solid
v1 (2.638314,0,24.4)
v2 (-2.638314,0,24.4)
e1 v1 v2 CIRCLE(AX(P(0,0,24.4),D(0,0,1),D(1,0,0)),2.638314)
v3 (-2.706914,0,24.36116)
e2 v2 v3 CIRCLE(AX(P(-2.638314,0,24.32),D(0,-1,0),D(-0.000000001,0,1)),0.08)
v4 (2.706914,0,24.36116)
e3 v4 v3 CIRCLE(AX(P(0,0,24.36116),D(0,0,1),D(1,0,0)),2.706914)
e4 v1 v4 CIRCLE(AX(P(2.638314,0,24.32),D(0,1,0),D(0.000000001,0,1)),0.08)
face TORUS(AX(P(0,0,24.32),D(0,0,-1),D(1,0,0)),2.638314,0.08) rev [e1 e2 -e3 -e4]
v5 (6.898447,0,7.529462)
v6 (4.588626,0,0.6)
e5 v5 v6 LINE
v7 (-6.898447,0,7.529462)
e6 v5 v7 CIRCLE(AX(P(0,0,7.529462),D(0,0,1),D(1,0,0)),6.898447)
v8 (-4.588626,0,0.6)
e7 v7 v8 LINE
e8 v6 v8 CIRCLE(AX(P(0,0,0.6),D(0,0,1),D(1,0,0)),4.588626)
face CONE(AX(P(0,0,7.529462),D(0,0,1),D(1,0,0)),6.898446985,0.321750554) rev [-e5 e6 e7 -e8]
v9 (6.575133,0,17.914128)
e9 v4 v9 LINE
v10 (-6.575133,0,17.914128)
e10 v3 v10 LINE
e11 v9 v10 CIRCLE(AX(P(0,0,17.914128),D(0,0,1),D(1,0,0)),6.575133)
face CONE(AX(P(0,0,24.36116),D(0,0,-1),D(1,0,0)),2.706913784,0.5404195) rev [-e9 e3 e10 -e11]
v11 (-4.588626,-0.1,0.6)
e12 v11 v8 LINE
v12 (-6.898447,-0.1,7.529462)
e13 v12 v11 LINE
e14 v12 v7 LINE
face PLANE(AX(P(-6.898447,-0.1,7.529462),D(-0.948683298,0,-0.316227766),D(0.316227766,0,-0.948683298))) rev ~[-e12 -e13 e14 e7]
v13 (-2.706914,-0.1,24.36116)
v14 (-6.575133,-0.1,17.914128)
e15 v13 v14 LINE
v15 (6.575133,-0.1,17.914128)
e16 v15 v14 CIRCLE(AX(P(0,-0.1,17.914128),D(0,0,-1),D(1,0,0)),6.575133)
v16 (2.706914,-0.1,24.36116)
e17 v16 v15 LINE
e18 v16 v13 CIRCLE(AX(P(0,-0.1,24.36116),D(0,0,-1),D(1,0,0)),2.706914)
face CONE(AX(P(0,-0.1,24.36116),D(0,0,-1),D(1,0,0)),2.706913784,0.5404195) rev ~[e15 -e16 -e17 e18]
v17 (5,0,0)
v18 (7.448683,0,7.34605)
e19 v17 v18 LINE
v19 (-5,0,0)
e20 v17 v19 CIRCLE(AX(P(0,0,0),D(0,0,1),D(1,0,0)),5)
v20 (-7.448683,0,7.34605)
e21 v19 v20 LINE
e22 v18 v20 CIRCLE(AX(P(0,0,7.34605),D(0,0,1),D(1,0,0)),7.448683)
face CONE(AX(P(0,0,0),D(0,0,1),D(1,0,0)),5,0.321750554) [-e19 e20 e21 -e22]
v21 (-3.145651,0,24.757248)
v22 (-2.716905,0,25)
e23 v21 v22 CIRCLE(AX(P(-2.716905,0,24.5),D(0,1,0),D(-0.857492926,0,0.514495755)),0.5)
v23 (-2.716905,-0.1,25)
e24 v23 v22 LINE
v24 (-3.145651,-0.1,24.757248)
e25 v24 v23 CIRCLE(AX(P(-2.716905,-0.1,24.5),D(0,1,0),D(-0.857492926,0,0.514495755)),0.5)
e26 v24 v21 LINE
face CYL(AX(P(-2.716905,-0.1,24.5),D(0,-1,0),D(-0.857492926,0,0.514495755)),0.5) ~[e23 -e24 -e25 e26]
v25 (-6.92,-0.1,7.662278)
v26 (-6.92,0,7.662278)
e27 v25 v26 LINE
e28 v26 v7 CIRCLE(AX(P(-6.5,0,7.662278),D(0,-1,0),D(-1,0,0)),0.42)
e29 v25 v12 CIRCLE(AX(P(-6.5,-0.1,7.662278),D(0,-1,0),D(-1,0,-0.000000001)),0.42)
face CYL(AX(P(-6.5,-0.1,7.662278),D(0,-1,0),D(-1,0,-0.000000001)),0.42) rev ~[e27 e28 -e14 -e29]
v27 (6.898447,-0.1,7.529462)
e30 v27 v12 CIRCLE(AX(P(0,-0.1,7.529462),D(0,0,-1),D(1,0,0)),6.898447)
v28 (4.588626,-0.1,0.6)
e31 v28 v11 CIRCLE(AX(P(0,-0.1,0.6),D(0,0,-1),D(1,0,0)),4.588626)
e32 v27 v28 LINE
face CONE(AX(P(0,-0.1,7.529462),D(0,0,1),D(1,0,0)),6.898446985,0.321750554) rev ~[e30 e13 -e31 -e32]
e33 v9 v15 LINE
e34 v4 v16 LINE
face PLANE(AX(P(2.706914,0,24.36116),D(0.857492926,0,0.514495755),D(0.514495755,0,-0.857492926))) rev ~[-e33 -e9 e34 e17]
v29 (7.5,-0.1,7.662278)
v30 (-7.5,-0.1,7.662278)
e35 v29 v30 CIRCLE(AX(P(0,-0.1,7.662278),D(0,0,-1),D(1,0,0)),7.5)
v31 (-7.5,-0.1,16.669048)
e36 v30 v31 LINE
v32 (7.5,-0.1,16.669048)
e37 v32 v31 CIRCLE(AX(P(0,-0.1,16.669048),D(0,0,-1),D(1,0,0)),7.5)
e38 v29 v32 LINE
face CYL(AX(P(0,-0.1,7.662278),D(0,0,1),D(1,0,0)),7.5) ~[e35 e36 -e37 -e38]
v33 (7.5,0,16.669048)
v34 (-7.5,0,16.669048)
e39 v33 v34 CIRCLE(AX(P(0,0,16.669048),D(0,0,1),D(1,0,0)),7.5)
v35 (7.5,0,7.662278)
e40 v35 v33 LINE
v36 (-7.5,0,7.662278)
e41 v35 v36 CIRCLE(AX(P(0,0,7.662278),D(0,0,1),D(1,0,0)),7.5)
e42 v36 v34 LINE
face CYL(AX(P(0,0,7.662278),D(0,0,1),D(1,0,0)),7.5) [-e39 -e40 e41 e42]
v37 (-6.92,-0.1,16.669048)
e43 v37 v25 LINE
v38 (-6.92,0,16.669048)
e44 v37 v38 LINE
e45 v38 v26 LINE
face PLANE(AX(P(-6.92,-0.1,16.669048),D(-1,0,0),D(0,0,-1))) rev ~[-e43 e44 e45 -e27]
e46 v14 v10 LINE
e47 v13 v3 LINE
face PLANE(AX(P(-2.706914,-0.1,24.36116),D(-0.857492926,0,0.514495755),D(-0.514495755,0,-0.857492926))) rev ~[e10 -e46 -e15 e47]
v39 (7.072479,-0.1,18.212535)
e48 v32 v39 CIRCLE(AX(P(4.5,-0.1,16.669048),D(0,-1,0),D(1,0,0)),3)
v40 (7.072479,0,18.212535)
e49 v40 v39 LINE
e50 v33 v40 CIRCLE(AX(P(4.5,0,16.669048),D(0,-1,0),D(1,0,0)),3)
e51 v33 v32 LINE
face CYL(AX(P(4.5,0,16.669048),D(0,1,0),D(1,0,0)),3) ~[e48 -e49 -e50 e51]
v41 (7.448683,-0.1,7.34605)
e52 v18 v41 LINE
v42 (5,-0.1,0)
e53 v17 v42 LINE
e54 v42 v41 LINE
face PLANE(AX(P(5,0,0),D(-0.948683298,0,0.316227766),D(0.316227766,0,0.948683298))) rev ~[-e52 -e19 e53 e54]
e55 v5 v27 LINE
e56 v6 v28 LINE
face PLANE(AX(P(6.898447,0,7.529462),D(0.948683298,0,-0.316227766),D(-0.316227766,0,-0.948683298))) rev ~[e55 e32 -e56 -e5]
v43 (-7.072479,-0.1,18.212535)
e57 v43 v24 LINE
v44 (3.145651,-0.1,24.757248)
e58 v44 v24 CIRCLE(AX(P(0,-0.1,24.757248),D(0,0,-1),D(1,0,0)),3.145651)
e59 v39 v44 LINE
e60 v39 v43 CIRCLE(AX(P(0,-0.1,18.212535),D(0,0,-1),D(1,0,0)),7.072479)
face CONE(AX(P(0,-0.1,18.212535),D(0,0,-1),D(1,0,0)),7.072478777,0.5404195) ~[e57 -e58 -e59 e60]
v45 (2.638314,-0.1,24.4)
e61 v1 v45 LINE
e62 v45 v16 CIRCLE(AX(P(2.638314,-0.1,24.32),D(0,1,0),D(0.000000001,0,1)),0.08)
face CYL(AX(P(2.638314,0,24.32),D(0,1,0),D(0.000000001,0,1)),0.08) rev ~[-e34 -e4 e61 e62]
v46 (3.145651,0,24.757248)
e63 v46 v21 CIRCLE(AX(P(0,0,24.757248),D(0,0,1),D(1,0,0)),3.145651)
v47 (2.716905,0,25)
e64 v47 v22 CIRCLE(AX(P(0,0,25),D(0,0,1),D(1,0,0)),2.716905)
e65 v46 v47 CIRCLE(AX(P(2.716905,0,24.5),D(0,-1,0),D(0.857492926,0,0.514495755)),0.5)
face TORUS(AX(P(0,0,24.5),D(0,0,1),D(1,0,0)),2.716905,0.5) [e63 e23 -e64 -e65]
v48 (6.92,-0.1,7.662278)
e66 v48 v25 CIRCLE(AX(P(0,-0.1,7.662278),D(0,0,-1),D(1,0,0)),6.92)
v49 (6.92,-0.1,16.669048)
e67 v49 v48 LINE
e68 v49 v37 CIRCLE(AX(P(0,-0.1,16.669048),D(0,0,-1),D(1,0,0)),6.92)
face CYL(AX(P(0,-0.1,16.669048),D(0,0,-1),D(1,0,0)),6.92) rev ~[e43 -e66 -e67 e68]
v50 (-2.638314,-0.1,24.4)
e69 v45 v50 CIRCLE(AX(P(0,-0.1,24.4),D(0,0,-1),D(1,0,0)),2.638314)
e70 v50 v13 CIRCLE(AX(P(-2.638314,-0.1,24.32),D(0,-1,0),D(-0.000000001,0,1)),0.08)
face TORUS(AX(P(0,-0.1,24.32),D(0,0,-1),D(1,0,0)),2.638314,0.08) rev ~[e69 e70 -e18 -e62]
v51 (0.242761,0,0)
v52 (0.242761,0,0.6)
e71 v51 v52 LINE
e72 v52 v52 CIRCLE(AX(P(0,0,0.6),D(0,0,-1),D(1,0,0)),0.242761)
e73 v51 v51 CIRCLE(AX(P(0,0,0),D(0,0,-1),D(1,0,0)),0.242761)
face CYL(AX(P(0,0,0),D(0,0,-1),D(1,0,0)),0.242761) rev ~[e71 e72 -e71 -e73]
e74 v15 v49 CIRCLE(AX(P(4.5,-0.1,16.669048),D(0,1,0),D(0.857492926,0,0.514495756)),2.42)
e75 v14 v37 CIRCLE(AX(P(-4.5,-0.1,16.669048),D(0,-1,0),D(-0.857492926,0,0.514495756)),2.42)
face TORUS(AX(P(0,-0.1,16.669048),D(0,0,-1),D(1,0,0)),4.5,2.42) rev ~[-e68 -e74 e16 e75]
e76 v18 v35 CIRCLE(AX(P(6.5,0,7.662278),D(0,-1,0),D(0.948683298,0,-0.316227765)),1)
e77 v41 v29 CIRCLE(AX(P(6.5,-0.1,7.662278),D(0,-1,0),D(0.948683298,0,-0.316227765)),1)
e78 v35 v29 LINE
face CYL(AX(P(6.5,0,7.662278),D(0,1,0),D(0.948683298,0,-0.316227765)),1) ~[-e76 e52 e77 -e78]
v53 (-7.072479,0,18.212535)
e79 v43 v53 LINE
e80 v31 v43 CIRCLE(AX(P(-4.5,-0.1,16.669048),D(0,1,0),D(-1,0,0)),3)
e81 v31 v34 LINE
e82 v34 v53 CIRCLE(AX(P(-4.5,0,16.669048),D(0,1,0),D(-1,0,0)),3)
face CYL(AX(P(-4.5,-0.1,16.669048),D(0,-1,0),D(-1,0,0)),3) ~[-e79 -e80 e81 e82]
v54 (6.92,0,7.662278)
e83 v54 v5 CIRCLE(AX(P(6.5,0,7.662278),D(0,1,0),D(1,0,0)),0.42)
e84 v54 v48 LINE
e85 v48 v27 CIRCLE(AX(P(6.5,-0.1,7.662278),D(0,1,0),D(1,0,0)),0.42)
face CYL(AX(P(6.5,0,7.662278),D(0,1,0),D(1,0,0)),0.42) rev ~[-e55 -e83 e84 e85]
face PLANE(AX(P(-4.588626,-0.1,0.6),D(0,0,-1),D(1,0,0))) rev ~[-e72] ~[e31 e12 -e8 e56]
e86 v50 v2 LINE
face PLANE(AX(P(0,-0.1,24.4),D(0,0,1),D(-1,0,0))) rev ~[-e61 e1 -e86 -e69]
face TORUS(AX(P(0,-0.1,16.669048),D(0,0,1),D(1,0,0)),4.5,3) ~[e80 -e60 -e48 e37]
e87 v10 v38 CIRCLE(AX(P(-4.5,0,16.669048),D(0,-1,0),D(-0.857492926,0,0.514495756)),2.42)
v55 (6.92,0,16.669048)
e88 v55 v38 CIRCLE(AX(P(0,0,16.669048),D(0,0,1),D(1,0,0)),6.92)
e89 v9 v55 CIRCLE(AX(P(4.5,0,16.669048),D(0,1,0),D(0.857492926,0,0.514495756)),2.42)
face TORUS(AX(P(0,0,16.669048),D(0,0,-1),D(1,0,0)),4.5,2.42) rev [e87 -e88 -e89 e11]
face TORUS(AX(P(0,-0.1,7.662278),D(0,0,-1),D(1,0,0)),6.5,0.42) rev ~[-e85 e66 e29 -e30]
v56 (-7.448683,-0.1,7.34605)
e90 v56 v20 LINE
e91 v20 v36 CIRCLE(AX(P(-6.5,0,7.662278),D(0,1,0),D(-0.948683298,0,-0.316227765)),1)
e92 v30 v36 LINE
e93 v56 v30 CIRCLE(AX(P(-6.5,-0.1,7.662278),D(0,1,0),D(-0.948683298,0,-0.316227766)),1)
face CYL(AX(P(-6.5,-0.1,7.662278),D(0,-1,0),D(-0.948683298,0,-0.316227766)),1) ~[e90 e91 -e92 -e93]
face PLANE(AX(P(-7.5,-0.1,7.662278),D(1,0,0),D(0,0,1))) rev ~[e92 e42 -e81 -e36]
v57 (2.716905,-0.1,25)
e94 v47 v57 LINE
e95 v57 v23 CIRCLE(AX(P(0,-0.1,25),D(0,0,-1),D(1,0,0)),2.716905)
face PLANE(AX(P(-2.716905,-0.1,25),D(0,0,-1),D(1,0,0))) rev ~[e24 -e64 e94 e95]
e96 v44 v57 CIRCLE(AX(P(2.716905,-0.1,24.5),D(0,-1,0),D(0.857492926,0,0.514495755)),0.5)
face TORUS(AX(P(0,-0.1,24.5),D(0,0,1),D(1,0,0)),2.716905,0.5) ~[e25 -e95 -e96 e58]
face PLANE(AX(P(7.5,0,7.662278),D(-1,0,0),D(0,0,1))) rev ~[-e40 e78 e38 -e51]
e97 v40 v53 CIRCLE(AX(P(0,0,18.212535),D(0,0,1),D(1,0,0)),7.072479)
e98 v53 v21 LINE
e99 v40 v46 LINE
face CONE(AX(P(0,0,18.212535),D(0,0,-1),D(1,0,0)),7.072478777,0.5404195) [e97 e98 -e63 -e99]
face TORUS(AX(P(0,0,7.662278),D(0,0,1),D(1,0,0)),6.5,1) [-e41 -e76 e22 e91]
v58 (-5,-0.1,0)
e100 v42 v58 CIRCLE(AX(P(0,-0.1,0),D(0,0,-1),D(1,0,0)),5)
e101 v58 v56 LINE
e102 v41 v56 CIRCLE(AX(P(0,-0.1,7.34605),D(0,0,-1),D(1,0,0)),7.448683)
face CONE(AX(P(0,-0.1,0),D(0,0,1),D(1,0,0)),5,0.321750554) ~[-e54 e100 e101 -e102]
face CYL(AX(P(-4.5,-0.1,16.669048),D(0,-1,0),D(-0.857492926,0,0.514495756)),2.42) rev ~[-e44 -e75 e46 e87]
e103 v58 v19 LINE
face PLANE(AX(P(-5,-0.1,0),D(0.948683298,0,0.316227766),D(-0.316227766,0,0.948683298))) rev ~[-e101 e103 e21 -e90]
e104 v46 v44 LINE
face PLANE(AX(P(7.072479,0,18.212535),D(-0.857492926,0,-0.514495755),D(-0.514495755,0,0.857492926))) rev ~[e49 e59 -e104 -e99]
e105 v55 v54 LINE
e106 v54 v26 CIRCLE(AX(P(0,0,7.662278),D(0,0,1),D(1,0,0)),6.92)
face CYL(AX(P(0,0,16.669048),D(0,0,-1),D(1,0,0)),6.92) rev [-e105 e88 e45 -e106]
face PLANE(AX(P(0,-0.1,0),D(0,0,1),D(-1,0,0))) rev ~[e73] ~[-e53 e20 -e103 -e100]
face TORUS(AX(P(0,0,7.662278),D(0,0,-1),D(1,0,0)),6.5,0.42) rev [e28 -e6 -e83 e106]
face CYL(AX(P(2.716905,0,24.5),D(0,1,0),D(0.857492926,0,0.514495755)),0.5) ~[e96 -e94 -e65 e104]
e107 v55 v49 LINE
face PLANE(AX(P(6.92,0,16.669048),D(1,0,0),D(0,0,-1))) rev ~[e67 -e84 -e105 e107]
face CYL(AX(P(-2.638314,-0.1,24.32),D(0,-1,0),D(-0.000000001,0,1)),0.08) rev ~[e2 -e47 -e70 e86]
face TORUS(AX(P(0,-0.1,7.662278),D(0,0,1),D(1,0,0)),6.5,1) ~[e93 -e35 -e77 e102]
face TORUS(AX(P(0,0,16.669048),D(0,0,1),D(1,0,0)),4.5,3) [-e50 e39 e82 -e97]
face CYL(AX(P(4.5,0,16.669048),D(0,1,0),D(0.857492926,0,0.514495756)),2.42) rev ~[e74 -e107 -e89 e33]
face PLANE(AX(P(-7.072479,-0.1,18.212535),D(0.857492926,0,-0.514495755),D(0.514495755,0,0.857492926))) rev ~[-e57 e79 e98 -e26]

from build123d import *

# Parameters (mm, degrees)
F2_DEPTH = 0.1
F3_ANGLE = 180
F4_ANGLE = 180
F5_DEPTH = 0.1
F6_R     = 0.2427611579
F7_DEPTH = 1


with BuildPart() as f2:
    # F1 (on Front) → F2 (new body)
    with BuildSketch(Plane.XZ):
        with BuildLine():
            Line((0, 0.6), (0, 0))
            Line((0, 0), (5, 0))
            Line((5, 0), (7.4486832981, 7.3460498942))
            ThreePointArc((7.4486832981, 7.3460498942), (7.4870874576, 7.5020954172), (7.5, 7.6622776602))
            Line((7.5, 7.6622776602), (7.5, 16.6690481052))
            ThreePointArc((7.5, 16.6690481052), (7.3911447846, 17.4698488508), (7.0724787771, 18.2125353714))
            Line((7.0724787771, 18.2125353714), (3.1456512734, 24.7572478777))
            ThreePointArc((3.1456512734, 24.7572478777), (2.963254218, 24.9350999534), (2.7169048105, 25))
            Line((2.7169048105, 25), (0, 25))
            Line((0, 25), (0, 24.4))
            Line((0, 24.4), (2.6383143499, 24.4))
            ThreePointArc((2.6383143499, 24.4), (2.6777302551, 24.3896159925), (2.7069137839, 24.3611596604))
            Line((2.7069137839, 24.3611596604), (6.5751328802, 17.9141278333))
            ThreePointArc((6.5751328802, 17.9141278333), (6.8321901263, 17.3150273733), (6.92, 16.6690481052))
            Line((6.92, 16.6690481052), (6.92, 7.6622776602))
            ThreePointArc((6.92, 7.6622776602), (6.9145767322, 7.5950011181), (6.8984469852, 7.5294619984))
            Line((6.8984469852, 7.5294619984), (4.588626319, 0.6))
            Line((4.588626319, 0.6), (0, 0.6))
        make_face()
    extrude(amount=F2_DEPTH)

    # F2_face (on face) → F3 (revolve)
    with BuildSketch(Plane(origin=(5.1843610202, -0.1, 11.965116571), x_dir=(1, 0, 0), z_dir=(0, -1, 0))):
        with BuildLine():
            Line((-0.5957347012, -11.365116571), (-5.1843610202, -11.365116571))
            Line((-5.1843610202, -11.365116571), (-5.1843610202, -11.965116571))
            Line((-5.1843610202, -11.965116571), (-0.1843610202, -11.965116571))
            Line((-0.1843610202, -11.965116571), (2.2643222778, -4.6190666769))
            ThreePointArc((2.2643222778, -4.6190666769), (2.3027264374, -4.4630211539), (2.3156389798, -4.3028389109))
            Line((2.3156389798, -4.3028389109), (2.3156389798, 4.7039315341))
            ThreePointArc((2.3156389798, 4.7039315341), (2.2067837644, 5.5047322798), (1.8881177569, 6.2474188004))
            Line((1.8881177569, 6.2474188004), (-2.0387097468, 12.7921313067))
            ThreePointArc((-2.0387097468, 12.7921313067), (-2.2211068022, 12.9699833824), (-2.4674562097, 13.034883429))
            Line((-2.4674562097, 13.034883429), (-5.1843610202, 13.034883429))
            Line((-5.1843610202, 13.034883429), (-5.1843610202, 12.434883429))
            Line((-5.1843610202, 12.434883429), (-2.5460466703, 12.434883429))
            ThreePointArc((-2.5460466703, 12.434883429), (-2.5066307651, 12.4244994215), (-2.4774472363, 12.3960430894))
            Line((-2.4774472363, 12.3960430894), (1.39077186, 5.9490112623))
            ThreePointArc((1.39077186, 5.9490112623), (1.6478291061, 5.3499108023), (1.7356389798, 4.7039315341))
            Line((1.7356389798, 4.7039315341), (1.7356389798, -4.3028389109))
            ThreePointArc((1.7356389798, -4.3028389109), (1.730215712, -4.3701154529), (1.714085965, -4.4356545726))
            Line((1.714085965, -4.4356545726), (-0.5957347012, -11.365116571))
        make_face()
    revolve(axis=Axis((0, -0.1, 24.7), (0, 0, -1)), revolution_arc=F3_ANGLE)

    # F1 (on Front) → F4 (revolve)
    with BuildSketch(Plane.XZ):
        with BuildLine():
            Line((0, 0.6), (0, 0))
            Line((0, 0), (5, 0))
            Line((5, 0), (7.4486832981, 7.3460498942))
            ThreePointArc((7.4486832981, 7.3460498942), (7.4870874576, 7.5020954172), (7.5, 7.6622776602))
            Line((7.5, 7.6622776602), (7.5, 16.6690481052))
            ThreePointArc((7.5, 16.6690481052), (7.3911447846, 17.4698488508), (7.0724787771, 18.2125353714))
            Line((7.0724787771, 18.2125353714), (3.1456512734, 24.7572478777))
            ThreePointArc((3.1456512734, 24.7572478777), (2.963254218, 24.9350999534), (2.7169048105, 25))
            Line((2.7169048105, 25), (0, 25))
            Line((0, 25), (0, 24.4))
            Line((0, 24.4), (2.6383143499, 24.4))
            ThreePointArc((2.6383143499, 24.4), (2.6777302551, 24.3896159925), (2.7069137839, 24.3611596604))
            Line((2.7069137839, 24.3611596604), (6.5751328802, 17.9141278333))
            ThreePointArc((6.5751328802, 17.9141278333), (6.8321901263, 17.3150273733), (6.92, 16.6690481052))
            Line((6.92, 16.6690481052), (6.92, 7.6622776602))
            ThreePointArc((6.92, 7.6622776602), (6.9145767322, 7.5950011181), (6.8984469852, 7.5294619984))
            Line((6.8984469852, 7.5294619984), (4.588626319, 0.6))
            Line((4.588626319, 0.6), (0, 0.6))
        make_face()
    revolve(axis=Axis((0, 0, 24.7), (0, 0, 1)), revolution_arc=F4_ANGLE)

    # F5 (add): a face of the model
    f5_faces = [f2.faces().sort_by_distance(p)[0] for p in [
        (-0.2610076627, -0.1, 0.3),
    ]]
    extrude(f5_faces, amount=F5_DEPTH)

    # F6 (on face) → F7 (cut)
    with BuildSketch(Plane(origin=(0, 0, 0), x_dir=(1, 0, 0), z_dir=(0, 0, -1))):
        Circle(F6_R)
    extrude(amount=-F7_DEPTH, mode=Mode.SUBTRACT)


solid = f2.part
